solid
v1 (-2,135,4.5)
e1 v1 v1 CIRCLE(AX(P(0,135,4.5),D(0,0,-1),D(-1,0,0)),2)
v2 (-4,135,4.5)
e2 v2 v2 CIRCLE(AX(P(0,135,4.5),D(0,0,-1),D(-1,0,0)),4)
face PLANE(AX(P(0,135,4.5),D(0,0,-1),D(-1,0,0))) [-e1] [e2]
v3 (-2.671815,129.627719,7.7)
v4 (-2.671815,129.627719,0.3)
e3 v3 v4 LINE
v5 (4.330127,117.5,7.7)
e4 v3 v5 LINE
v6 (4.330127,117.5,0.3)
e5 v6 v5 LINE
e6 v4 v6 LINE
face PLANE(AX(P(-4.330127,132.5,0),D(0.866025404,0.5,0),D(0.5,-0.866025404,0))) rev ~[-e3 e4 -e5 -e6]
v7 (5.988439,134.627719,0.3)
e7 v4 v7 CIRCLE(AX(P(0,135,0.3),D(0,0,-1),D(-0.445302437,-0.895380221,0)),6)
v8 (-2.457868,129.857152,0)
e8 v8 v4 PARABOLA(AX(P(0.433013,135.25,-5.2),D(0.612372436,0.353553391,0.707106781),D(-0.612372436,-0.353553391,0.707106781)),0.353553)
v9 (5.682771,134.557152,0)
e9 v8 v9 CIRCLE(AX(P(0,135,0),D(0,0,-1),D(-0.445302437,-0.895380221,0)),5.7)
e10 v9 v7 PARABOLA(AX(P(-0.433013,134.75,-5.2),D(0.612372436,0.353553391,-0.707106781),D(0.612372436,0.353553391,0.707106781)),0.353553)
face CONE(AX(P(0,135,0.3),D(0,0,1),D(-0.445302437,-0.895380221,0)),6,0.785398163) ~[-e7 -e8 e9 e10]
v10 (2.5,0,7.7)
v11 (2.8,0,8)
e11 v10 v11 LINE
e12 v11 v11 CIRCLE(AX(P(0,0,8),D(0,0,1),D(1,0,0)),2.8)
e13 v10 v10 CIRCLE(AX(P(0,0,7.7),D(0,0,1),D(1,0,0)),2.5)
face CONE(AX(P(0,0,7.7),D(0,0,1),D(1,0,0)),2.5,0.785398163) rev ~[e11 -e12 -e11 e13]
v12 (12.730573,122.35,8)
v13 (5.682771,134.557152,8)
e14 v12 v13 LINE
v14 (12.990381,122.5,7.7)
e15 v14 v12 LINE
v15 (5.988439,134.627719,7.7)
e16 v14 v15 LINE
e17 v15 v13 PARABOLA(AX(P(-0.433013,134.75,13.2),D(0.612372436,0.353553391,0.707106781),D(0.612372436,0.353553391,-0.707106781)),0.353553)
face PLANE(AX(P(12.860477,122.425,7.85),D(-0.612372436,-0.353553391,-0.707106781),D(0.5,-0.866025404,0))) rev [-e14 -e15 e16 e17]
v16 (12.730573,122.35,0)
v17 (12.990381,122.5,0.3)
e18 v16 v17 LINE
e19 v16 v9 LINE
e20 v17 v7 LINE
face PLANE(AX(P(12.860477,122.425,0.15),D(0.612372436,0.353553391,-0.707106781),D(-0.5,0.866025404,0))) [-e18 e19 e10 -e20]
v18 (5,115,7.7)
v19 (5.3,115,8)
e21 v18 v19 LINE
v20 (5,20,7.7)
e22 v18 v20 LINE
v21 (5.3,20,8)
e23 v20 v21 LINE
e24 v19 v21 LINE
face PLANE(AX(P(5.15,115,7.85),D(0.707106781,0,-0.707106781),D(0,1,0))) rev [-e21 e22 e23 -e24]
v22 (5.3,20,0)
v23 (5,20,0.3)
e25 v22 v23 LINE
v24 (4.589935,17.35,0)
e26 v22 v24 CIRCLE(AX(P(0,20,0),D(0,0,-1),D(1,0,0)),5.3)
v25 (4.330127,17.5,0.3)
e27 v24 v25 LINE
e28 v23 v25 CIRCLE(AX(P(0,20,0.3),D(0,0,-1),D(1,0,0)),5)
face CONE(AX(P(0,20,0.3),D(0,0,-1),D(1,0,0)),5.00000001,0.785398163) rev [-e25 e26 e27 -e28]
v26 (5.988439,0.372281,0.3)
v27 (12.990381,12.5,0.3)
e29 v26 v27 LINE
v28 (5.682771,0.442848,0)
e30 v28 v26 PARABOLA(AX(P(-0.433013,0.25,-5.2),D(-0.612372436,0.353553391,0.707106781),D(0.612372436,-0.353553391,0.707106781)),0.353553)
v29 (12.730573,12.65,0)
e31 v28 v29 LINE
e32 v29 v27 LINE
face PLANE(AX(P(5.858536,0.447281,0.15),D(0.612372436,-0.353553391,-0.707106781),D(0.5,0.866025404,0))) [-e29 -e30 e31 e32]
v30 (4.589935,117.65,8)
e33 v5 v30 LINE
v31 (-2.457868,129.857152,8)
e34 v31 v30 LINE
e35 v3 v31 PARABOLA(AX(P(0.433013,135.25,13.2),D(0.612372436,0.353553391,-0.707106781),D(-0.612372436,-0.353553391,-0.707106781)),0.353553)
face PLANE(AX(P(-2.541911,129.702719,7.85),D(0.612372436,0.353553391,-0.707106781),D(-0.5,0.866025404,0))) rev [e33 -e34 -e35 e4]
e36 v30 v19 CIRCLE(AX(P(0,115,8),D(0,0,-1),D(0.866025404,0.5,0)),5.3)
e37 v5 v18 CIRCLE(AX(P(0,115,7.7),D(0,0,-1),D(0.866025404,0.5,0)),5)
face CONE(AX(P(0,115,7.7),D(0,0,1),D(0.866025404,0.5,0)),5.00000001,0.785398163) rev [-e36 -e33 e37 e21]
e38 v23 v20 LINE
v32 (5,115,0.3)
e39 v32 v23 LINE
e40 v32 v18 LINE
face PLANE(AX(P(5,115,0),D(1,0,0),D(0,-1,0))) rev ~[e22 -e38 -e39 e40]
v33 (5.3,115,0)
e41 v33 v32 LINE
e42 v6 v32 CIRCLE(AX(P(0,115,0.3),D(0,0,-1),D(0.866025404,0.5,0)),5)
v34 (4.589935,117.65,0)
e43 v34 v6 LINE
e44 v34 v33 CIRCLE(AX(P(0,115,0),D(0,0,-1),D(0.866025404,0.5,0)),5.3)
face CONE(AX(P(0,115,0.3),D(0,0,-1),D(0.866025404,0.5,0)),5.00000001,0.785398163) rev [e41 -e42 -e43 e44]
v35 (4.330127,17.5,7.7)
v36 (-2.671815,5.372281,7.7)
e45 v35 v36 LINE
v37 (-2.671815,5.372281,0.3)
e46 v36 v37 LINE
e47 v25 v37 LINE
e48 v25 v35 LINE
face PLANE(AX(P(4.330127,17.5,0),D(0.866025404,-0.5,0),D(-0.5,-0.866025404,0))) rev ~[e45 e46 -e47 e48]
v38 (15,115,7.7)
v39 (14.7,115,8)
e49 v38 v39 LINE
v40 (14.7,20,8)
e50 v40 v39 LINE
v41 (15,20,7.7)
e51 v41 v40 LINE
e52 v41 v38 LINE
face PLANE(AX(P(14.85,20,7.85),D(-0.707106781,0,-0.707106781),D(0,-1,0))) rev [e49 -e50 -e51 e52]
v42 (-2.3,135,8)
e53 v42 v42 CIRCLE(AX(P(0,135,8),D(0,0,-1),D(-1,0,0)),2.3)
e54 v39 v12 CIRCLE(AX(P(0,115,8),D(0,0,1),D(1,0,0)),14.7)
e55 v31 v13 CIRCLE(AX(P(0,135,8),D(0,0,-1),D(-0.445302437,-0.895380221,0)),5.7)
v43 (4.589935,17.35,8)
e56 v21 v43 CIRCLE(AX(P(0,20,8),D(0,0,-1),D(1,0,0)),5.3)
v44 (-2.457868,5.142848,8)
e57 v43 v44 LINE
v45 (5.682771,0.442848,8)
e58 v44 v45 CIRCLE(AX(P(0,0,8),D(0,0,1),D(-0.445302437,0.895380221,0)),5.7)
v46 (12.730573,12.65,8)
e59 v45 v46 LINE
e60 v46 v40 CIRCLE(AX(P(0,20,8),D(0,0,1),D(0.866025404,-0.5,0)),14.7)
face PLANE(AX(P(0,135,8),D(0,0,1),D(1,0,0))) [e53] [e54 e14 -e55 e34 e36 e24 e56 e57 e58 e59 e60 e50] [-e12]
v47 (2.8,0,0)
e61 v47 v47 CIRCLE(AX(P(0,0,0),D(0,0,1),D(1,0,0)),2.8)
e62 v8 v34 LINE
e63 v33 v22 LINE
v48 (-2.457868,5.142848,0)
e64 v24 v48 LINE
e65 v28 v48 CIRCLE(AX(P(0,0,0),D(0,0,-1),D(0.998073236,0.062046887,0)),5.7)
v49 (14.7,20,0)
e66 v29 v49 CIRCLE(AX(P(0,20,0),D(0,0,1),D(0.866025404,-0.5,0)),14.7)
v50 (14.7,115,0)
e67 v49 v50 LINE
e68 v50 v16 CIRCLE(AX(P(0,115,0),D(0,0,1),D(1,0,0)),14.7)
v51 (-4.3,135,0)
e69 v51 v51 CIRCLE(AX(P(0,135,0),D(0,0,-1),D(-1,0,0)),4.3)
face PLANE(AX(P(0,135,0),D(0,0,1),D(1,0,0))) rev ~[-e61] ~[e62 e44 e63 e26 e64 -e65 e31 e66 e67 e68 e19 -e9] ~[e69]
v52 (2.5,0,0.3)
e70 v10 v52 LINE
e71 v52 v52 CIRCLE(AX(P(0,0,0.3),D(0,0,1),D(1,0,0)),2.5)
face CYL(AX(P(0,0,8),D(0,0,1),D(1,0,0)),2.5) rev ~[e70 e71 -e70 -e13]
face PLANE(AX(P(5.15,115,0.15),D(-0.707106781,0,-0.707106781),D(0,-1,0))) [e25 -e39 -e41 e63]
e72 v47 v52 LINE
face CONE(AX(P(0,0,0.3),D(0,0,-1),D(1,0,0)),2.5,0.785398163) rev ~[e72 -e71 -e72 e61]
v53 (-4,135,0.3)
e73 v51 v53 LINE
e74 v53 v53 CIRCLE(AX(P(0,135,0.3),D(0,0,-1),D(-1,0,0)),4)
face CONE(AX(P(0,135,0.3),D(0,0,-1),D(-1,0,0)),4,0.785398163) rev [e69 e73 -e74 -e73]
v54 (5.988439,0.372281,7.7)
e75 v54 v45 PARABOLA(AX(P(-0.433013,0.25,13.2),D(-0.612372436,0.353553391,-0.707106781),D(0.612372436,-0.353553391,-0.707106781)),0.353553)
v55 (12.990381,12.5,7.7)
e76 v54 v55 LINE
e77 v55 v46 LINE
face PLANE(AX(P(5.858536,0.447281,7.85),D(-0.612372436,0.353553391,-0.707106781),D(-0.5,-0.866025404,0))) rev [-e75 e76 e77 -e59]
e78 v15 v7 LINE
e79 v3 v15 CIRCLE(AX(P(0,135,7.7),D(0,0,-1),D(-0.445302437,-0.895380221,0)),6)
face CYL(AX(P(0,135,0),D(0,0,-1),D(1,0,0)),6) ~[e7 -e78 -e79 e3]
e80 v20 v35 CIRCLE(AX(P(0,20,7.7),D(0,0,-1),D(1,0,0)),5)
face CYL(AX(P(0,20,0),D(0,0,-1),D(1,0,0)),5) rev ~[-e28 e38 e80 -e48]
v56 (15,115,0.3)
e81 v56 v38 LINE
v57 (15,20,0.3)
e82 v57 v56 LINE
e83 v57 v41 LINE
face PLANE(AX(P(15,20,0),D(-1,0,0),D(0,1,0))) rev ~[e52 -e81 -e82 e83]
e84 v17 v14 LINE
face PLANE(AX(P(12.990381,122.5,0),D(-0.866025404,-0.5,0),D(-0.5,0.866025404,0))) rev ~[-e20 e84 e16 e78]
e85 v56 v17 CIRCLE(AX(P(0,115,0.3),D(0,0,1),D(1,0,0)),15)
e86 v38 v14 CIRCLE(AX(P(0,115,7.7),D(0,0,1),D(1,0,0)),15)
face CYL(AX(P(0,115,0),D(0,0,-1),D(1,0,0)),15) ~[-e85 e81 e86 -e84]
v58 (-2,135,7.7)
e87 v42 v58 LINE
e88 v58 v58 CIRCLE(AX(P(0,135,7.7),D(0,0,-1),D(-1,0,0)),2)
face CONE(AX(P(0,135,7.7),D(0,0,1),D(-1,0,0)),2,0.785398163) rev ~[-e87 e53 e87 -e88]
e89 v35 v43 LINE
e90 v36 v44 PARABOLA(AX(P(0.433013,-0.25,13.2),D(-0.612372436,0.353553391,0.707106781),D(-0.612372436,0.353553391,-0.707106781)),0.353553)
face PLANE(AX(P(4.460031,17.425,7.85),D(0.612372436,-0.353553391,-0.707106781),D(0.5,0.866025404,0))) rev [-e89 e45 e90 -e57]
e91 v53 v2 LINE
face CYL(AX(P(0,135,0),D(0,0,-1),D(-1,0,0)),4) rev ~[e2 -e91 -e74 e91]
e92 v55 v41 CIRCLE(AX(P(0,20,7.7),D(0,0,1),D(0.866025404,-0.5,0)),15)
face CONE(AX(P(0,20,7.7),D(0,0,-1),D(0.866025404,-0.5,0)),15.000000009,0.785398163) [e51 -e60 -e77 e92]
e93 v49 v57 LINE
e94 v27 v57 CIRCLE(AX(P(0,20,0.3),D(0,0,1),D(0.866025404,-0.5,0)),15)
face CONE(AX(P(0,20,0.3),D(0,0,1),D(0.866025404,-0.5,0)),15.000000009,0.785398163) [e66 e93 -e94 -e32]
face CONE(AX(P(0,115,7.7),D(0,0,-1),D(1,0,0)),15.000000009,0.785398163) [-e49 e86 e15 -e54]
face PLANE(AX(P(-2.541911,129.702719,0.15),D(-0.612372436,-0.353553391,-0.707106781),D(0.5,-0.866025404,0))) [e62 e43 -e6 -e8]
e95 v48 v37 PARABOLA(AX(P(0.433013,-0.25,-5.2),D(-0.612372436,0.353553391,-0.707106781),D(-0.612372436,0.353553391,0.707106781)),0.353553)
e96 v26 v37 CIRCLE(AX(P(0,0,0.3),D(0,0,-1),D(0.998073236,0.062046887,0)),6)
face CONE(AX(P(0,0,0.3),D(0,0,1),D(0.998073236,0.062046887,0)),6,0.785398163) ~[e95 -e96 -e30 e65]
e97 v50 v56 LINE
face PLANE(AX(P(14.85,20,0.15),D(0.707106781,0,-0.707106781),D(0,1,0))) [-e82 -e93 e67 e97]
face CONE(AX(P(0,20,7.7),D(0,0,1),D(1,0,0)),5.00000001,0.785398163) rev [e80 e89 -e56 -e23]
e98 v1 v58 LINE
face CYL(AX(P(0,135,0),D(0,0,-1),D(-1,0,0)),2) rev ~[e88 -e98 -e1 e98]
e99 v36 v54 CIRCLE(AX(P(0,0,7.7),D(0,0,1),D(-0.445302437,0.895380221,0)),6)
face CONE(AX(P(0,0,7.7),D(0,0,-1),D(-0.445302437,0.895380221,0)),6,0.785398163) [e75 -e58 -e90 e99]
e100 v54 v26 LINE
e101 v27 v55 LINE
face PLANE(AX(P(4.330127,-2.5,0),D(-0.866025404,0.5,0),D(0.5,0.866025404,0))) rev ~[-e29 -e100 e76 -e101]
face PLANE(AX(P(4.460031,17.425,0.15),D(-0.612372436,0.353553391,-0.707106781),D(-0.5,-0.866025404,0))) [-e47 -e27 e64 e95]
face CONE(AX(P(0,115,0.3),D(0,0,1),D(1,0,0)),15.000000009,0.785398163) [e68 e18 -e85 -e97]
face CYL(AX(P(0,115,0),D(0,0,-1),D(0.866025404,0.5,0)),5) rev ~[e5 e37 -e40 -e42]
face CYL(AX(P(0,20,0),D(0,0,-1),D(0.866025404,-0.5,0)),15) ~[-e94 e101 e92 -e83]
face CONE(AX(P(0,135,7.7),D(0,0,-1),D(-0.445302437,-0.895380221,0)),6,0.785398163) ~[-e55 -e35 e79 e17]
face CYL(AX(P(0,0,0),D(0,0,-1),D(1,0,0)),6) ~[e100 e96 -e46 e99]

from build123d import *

# Parameters (mm, degrees)
SKETCH_1_R          = 6
EXTRUDE_1_DEPTH     = 8
EXTRUDE_1_2_DEPTH   = 8
EXTRUDE_1_3_DEPTH   = 8
SKETCH_3_R          = 2.5
CUT_EXTRUDE_1_DEPTH = 9
SKETCH_4_R          = 2
CUT_EXTRUDE_2_DEPTH = 9
SKETCH_5_R          = 4
CUT_EXTRUDE_3_DEPTH = 4.5
CHAMFER_1_SIZE      = 0.3


with BuildPart() as part:
    # 草图1 → Extrude 1 (new body)
    with BuildSketch(Plane.XY):
        Circle(SKETCH_1_R)
    extrude(amount=EXTRUDE_1_DEPTH)



with BuildPart() as body_2:
    # 草图1 → Extrude 1 2 (new body)
    with BuildSketch(Plane.XY):
        with Locations((0, 135)):
            Circle(SKETCH_1_R)
    extrude(amount=EXTRUDE_1_2_DEPTH)


with BuildPart() as part_1:
    add(part.part)

    add(body_2.part)  # Extrude 1 3 merges body 2
    # 草图2 → Extrude 1 3 (add)
    with BuildSketch(Plane.XY):
        with BuildLine():
            Line((-4.330127019, 132.5), (4.330127019, 117.5))
            ThreePointArc((4.330127019, 117.5), (4.829629131, 116.294095226), (5, 115))
            Line((5, 115), (5, 20))
            ThreePointArc((5, 20), (4.829629131, 18.705904774), (4.330127019, 17.5))
            Line((4.330127019, 17.5), (-4.330127019, 2.5))
            Line((-4.330127019, 2.5), (4.330127019, -2.5))
            Line((4.330127019, -2.5), (12.990381057, 12.5))
            ThreePointArc((12.990381057, 12.5), (14.488887394, 16.117714323), (15, 20))
            Line((15, 20), (15, 115))
            ThreePointArc((15, 115), (14.488887394, 118.882285677), (12.990381057, 122.5))
            Line((12.990381057, 122.5), (4.330127019, 137.5))
            Line((4.330127019, 137.5), (-4.330127019, 132.5))
        make_face()
    extrude(amount=EXTRUDE_1_3_DEPTH)

    # 草图3 → 切除-拉伸1 (cut, through all)
    with BuildSketch(Plane.XY.offset(8)):
        Circle(SKETCH_3_R)
    extrude(amount=-CUT_EXTRUDE_1_DEPTH, mode=Mode.SUBTRACT)

    # 草图4 → 切除-拉伸2 (cut, through all)
    with BuildSketch(Plane(origin=(0, 0, 0), x_dir=(-1, 0, 0), z_dir=(0, 0, -1))):
        with Locations((0, 135)):
            Circle(SKETCH_4_R)
    extrude(amount=-CUT_EXTRUDE_2_DEPTH, mode=Mode.SUBTRACT)

    # 草图5 → 切除-拉伸3 (cut)
    with BuildSketch(Plane(origin=(0, 0, 0), x_dir=(-1, 0, 0), z_dir=(0, 0, -1))):
        with Locations((0, 135)):
            Circle(SKETCH_5_R)
    extrude(amount=-CUT_EXTRUDE_3_DEPTH, mode=Mode.SUBTRACT)

    # 倒角1
    chamfer_1_edges = [part_1.edges().sort_by_distance(p)[0] for p in [
        (0.829156198, 11.436140662, 0),
        (9.489410235, 6.436140662, 8),
        (14.488887394, 16.117714323, 8),
        (15, 67.5, 8),
        (14.488887394, 118.882285677, 8),
        (4.829629131, 116.294095226, 0),
        (5, 67.5, 0),
        (4.829629131, 18.705904774, 0),
        (9.489410235, 6.436140662, 0),
        (14.488887394, 118.882285677, 0),
        (15, 67.5, 0),
        (14.488887394, 16.117714323, 0),
        (4.829629131, 116.294095226, 8),
        (5, 67.5, 8),
        (4.829629131, 18.705904774, 8),
        (0.829156198, 11.436140662, 8),
        (0.829156198, 123.563859338, 8),
        (0.829156198, 123.563859338, 0),
        (9.489410235, 128.563859338, 8),
        (9.489410235, 128.563859338, 0),
        (-3, 140.196152423, 0),
        (-3, 140.196152423, 8),
        (-2.5, 0, 0),
        (-2.5, 0, 8),
        (-3, -5.196152423, 0),
        (2, 135, 8),
        (4, 135, 0),
        (-3, -5.196152423, 8),
    ]]
    chamfer(chamfer_1_edges, length=CHAMFER_1_SIZE)


solid = part_1.part
